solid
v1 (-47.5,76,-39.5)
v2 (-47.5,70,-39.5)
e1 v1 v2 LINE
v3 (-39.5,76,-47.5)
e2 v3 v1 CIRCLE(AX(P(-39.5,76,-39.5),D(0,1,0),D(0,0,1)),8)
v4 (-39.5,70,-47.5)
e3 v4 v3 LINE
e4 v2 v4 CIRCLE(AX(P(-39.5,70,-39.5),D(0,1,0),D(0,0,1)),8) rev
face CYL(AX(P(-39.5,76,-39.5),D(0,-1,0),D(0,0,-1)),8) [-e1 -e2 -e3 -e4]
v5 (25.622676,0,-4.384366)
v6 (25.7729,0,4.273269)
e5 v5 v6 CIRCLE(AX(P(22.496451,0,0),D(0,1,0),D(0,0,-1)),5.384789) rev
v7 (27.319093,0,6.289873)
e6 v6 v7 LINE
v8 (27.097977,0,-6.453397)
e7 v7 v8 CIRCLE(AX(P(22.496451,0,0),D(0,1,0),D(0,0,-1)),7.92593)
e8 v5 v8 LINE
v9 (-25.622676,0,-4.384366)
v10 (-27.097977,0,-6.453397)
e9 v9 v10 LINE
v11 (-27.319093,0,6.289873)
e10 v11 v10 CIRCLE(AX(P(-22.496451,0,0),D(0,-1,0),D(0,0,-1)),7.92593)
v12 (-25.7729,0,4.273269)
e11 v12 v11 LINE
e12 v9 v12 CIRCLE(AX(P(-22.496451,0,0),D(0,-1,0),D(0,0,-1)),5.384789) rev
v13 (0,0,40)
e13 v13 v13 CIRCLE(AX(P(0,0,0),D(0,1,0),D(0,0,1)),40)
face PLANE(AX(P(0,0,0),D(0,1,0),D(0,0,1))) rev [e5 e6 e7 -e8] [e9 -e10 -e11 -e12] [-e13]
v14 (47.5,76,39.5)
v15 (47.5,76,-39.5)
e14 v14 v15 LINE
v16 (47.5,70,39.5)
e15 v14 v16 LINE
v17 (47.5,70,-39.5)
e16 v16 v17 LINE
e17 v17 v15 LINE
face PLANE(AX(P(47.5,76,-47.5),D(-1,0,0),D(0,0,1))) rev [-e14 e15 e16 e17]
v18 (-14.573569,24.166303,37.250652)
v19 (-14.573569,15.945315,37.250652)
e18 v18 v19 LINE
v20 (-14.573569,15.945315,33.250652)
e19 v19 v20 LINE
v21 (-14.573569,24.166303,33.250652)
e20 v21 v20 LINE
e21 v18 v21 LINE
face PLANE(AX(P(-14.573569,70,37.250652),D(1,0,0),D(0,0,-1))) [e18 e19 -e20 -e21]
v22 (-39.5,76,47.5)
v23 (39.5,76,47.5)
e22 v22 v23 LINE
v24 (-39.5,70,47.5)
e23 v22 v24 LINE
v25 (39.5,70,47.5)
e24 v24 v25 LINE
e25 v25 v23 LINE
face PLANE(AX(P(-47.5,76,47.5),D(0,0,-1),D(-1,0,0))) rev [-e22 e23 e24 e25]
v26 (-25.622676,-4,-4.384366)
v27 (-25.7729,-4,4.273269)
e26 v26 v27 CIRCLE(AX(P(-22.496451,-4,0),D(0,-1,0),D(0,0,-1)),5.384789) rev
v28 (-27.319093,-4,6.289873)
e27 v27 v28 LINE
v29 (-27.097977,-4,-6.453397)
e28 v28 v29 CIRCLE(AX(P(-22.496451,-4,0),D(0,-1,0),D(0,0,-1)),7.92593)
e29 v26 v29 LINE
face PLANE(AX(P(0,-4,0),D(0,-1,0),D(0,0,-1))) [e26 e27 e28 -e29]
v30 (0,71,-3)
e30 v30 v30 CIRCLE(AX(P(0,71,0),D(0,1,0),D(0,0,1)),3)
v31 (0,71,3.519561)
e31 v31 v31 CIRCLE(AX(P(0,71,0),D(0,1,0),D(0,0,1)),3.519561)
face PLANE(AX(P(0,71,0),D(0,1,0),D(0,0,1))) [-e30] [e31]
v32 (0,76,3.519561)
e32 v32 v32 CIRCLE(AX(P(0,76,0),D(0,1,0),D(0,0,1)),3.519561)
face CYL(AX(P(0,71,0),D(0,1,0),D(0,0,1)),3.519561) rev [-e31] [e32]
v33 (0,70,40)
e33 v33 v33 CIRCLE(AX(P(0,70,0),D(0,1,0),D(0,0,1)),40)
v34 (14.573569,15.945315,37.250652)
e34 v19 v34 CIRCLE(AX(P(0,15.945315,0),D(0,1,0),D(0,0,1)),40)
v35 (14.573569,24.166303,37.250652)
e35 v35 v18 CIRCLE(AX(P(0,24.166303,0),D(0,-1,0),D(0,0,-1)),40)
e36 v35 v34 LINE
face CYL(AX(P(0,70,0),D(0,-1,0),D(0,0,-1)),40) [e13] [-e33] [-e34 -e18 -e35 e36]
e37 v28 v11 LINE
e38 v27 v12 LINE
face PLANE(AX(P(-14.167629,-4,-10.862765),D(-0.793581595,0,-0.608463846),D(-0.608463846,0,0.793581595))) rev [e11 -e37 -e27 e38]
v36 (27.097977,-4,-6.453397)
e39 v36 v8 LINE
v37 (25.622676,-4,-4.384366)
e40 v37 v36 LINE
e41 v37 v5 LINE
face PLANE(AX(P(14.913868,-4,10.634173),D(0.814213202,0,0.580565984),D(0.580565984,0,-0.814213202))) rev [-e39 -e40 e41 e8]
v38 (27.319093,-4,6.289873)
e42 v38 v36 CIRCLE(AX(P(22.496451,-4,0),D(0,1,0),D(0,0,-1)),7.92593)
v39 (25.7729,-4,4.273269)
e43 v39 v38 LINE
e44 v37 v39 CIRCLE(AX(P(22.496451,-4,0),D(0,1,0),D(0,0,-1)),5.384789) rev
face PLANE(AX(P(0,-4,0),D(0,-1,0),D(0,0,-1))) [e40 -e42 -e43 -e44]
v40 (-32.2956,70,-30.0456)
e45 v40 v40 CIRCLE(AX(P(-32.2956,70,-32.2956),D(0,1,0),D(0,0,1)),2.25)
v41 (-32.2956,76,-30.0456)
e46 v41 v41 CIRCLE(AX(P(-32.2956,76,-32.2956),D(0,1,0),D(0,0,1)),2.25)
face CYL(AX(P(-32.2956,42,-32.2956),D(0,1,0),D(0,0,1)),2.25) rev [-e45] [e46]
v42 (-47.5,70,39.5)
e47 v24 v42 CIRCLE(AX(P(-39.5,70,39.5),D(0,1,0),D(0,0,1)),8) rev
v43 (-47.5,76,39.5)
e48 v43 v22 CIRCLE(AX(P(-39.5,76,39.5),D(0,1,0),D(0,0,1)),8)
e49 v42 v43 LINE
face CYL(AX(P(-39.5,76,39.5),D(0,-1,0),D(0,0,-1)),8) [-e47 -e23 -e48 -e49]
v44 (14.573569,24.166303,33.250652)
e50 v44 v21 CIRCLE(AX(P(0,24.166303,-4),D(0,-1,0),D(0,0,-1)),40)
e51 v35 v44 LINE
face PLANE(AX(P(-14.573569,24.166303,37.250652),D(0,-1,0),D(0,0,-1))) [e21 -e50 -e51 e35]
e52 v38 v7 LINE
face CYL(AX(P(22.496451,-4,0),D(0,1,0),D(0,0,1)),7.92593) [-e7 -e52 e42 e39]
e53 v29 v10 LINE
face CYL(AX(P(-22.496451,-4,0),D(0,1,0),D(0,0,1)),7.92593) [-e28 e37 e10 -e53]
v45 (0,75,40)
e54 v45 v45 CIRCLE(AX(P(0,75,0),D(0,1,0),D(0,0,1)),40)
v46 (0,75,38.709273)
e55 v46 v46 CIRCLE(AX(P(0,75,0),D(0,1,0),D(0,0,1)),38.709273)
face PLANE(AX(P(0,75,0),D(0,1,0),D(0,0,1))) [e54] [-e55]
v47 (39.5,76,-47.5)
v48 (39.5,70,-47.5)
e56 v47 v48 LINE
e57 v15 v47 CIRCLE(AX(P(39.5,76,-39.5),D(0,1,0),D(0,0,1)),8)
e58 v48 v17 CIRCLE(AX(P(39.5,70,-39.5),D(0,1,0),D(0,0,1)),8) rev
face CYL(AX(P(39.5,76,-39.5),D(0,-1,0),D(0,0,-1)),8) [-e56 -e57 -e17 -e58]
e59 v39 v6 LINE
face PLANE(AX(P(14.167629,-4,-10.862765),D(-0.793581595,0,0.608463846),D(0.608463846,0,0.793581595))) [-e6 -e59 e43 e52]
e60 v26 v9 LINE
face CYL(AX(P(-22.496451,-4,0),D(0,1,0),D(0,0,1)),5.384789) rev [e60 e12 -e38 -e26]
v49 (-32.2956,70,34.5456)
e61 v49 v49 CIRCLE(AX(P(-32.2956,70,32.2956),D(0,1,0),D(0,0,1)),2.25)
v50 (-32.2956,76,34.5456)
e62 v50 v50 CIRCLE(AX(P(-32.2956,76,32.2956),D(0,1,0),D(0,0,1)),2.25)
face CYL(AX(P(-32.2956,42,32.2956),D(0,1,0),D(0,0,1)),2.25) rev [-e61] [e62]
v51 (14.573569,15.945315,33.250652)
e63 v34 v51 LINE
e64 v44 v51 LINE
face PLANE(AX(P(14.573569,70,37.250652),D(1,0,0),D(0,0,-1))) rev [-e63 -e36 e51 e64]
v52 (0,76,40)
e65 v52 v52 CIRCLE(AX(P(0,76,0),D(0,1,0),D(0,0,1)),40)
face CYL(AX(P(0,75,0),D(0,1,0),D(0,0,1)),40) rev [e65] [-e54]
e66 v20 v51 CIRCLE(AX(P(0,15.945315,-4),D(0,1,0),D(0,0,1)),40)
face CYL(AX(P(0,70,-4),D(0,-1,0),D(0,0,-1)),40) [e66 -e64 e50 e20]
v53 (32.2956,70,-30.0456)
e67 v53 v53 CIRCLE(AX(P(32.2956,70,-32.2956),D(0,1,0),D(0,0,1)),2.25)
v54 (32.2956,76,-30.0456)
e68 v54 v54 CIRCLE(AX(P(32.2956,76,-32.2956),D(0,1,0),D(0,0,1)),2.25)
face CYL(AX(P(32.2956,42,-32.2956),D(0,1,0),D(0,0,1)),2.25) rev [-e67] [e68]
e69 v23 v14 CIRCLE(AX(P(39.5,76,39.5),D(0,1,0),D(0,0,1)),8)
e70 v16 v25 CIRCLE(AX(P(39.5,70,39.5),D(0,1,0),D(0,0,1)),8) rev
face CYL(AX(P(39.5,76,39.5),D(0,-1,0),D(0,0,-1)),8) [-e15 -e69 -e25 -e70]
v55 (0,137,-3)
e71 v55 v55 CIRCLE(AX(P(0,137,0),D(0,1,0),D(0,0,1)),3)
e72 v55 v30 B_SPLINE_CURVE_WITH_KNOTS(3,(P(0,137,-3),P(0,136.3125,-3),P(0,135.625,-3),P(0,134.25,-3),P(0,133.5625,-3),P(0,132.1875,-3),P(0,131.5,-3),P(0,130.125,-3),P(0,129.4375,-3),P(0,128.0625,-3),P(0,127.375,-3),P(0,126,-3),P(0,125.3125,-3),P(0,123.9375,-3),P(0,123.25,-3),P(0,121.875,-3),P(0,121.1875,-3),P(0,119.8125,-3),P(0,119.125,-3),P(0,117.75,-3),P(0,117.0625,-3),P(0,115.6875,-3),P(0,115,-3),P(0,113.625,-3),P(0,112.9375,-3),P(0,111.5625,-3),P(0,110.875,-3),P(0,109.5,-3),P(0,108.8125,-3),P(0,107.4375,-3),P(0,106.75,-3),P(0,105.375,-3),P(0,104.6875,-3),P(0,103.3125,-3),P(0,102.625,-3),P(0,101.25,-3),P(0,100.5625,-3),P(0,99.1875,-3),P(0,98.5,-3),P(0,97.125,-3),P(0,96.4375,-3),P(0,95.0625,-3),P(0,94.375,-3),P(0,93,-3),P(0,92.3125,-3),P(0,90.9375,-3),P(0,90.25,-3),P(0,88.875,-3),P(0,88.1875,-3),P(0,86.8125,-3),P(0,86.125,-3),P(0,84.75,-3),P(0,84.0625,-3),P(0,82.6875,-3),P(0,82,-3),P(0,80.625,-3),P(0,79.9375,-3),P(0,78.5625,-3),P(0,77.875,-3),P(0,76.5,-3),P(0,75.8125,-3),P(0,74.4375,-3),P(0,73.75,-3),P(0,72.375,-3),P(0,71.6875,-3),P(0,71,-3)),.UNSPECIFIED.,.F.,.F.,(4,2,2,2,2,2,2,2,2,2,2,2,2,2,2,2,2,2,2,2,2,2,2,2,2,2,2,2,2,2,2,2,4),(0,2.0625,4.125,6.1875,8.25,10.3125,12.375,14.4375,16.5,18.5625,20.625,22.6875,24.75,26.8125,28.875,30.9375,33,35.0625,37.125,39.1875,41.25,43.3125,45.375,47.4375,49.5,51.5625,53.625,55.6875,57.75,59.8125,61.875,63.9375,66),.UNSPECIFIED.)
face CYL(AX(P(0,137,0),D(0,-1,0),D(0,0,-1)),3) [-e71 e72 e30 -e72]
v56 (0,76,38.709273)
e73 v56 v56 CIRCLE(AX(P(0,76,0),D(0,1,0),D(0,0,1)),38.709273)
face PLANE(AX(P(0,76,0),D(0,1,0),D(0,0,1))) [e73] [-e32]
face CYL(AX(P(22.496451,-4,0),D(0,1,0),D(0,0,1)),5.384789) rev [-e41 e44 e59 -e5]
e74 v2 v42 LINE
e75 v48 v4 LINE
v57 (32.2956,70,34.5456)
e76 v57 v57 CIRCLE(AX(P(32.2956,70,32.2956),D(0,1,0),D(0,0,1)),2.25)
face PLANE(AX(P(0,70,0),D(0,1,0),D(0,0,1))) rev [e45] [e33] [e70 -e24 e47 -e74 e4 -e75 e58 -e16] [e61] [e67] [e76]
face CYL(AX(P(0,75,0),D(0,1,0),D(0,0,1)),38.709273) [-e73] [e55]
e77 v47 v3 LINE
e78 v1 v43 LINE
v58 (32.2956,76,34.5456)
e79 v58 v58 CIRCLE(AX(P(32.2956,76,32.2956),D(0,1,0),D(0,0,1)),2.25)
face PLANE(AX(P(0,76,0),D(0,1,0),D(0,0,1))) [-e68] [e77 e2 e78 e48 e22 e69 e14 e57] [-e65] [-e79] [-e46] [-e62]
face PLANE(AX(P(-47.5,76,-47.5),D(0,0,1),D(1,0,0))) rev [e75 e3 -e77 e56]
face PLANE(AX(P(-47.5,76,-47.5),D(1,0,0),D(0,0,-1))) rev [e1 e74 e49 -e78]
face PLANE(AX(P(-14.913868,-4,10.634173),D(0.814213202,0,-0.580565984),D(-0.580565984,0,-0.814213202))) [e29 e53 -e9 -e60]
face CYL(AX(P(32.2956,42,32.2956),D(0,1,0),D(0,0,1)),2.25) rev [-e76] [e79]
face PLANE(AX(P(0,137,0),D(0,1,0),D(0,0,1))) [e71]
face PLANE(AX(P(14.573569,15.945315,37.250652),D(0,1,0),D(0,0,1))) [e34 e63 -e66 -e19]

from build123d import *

# Parameters (mm, degrees)
SKETCH1_R                 = 40
BOSS_EXTRUDE1_DEPTH       = 70
SKETCH2_W                 = 95
SKETCH2_H                 = 95
BOSS_EXTRUDE2_DEPTH       = 6
SKETCH3_R                 = 40
SKETCH3_R_2               = 38.709273032
CUT_EXTRUDE1_DEPTH        = 1
SKETCH4_R                 = 3
BOSS_EXTRUDE3_DEPTH       = 61
FILLET1_R                 = 8
SKETCH6_R                 = 3.519560707
SKETCH6_R_2               = 3
CUT_EXTRUDE3_DEPTH        = 5
CUT_EXTRUDE4_REACH        = 158.583
CUT_EXTRUDE4_START_RADIUS = 40
CUT_EXTRUDE4_END_RADIUS   = 40
SKETCH8_W                 = 29.147137568
SKETCH8_H                 = 8.22098752
BOSS_EXTRUDE5_DEPTH       = 4
SKETCH10_R                = 2.25
CUT_EXTRUDE5_DEPTH        = 34


with BuildPart() as part:
    # Sketch1 → Boss-Extrude1 (new body)
    with BuildSketch(Plane(origin=(0, 0, 0), x_dir=(1, 0, 0), z_dir=(0, 1, 0))):
        with Locations(Location((0, 0, 0), (0, 0, 270))):
            Circle(SKETCH1_R)
    extrude(amount=BOSS_EXTRUDE1_DEPTH)

    # Sketch2 → Boss-Extrude2 (add)
    with BuildSketch(Plane(origin=(0, 70, 0), x_dir=(1, 0, 0), z_dir=(0, 1, 0))):
        Rectangle(SKETCH2_W, SKETCH2_H)
    extrude(amount=BOSS_EXTRUDE2_DEPTH)

    # Sketch3 → Cut-Extrude1 (cut)
    with BuildSketch(Plane(origin=(0, 76, 0), x_dir=(1, 0, 0), z_dir=(0, 1, 0))):
        with Locations(Location((0, 0, 0), (0, 0, 270))):
            Circle(SKETCH3_R)
        with Locations(Location((0, 0, 0), (0, 0, 270))):
            Circle(SKETCH3_R_2, mode=Mode.SUBTRACT)
    extrude(amount=-CUT_EXTRUDE1_DEPTH, mode=Mode.SUBTRACT)

    # Sketch4 → Boss-Extrude3 (add)
    with BuildSketch(Plane(origin=(0, 76, 0), x_dir=(1, 0, 0), z_dir=(0, 1, 0))):
        with Locations(Location((0, 0, 0), (0, 0, 90))):
            Circle(SKETCH4_R)
    extrude(amount=BOSS_EXTRUDE3_DEPTH)

    # Fillet1
    fillet1_edges = [part.edges().sort_by_distance(p)[0] for p in [
        (47.5, 73, 47.5),
        (47.5, 73, -47.5),
        (-47.5, 73, -47.5),
        (-47.5, 73, 47.5),
    ]]
    fillet(fillet1_edges, radius=FILLET1_R)

    # Sketch6 → Cut-Extrude3 (cut)
    with BuildSketch(Plane(origin=(0, 76, 0), x_dir=(1, 0, 0), z_dir=(0, 1, 0))):
        with Locations(Location((0, 0, 0), (0, 0, 270))):
            Circle(SKETCH6_R)
        with Locations(Location((0, 0, 0), (0, 0, 90))):
            Circle(SKETCH6_R_2, mode=Mode.SUBTRACT)
    extrude(amount=-CUT_EXTRUDE3_DEPTH, mode=Mode.SUBTRACT)

    # Cut-Extrude4: from a cylinder face, 158.583 long prism both ways, kept between that surface and its translate by the depth
    cut_extrude4_start = Plane(origin=(0, 20.055809, 0), z_dir=(0, -1, 0)) * Cylinder(CUT_EXTRUDE4_START_RADIUS, 398.166, mode=Mode.PRIVATE)
    cut_extrude4_end = Plane(origin=(0, 20.055809, -4), z_dir=(0, -1, 0)) * Cylinder(CUT_EXTRUDE4_END_RADIUS, 398.166, mode=Mode.PRIVATE)
    # Sketch8 → Cut-Extrude4 (cut, from a surface)
    with BuildSketch(Plane.XY, mode=Mode.PRIVATE) as cut_extrude4_sk1:
        with Locations((0, 20.055809212)):
            Rectangle(SKETCH8_W, SKETCH8_H)
    cut_extrude4_tool1 = extrude(cut_extrude4_sk1.sketch, amount=CUT_EXTRUDE4_REACH, both=True, mode=Mode.PRIVATE)
    add(((cut_extrude4_tool1 & cut_extrude4_start) - cut_extrude4_end).solids().sort_by_distance((0, 20.055809, 35.250652))[0], mode=Mode.SUBTRACT)

    # Sketch9 → Boss-Extrude5 (add)
    with BuildSketch(Plane.XZ):
        with BuildLine():
            ThreePointArc((-25.622676251, -4.384366141), (-27.880429407, -0.093420807), (-25.772900348, 4.273269294))
            Line((-25.772900348, 4.273269294), (-27.319093183, 6.289872554))
            ThreePointArc((-27.319093183, 6.289872554), (-29.604344551, 3.506882349), (-30.422381519, 0))
            ThreePointArc((-30.422381519, 0), (-29.542433802, -3.629669529), (-27.097976665, -6.453397238))
            Line((-27.097976665, -6.453397238), (-25.622676251, -4.384366141))
        make_face()
    boss_extrude5 = extrude(amount=BOSS_EXTRUDE5_DEPTH)

    # Mirror1: Boss-Extrude5 across plane
    add(boss_extrude5.mirror(Plane(origin=(0, 0, 0), x_dir=(0, 0, 1), z_dir=(1, 0, 0))))

    # Sketch10 → Cut-Extrude5 (cut)
    with BuildSketch(Plane(origin=(0, 76, 0), x_dir=(1, 0, 0), z_dir=(0, 1, 0))):
        with Locations(Location((-32.295599691, 32.295599691, 0), (0, 0, 270))):
            Circle(SKETCH10_R)
        with Locations(Location((32.295599691, 32.295599691, 0), (0, 0, 270))):
            Circle(SKETCH10_R)
        with Locations(Location((32.295599691, -32.295599691, 0), (0, 0, 270))):
            Circle(SKETCH10_R)
        with Locations(Location((-32.295599691, -32.295599691, 0), (0, 0, 270))):
            Circle(SKETCH10_R)
    extrude(amount=-CUT_EXTRUDE5_DEPTH, mode=Mode.SUBTRACT)


solid = part.part
